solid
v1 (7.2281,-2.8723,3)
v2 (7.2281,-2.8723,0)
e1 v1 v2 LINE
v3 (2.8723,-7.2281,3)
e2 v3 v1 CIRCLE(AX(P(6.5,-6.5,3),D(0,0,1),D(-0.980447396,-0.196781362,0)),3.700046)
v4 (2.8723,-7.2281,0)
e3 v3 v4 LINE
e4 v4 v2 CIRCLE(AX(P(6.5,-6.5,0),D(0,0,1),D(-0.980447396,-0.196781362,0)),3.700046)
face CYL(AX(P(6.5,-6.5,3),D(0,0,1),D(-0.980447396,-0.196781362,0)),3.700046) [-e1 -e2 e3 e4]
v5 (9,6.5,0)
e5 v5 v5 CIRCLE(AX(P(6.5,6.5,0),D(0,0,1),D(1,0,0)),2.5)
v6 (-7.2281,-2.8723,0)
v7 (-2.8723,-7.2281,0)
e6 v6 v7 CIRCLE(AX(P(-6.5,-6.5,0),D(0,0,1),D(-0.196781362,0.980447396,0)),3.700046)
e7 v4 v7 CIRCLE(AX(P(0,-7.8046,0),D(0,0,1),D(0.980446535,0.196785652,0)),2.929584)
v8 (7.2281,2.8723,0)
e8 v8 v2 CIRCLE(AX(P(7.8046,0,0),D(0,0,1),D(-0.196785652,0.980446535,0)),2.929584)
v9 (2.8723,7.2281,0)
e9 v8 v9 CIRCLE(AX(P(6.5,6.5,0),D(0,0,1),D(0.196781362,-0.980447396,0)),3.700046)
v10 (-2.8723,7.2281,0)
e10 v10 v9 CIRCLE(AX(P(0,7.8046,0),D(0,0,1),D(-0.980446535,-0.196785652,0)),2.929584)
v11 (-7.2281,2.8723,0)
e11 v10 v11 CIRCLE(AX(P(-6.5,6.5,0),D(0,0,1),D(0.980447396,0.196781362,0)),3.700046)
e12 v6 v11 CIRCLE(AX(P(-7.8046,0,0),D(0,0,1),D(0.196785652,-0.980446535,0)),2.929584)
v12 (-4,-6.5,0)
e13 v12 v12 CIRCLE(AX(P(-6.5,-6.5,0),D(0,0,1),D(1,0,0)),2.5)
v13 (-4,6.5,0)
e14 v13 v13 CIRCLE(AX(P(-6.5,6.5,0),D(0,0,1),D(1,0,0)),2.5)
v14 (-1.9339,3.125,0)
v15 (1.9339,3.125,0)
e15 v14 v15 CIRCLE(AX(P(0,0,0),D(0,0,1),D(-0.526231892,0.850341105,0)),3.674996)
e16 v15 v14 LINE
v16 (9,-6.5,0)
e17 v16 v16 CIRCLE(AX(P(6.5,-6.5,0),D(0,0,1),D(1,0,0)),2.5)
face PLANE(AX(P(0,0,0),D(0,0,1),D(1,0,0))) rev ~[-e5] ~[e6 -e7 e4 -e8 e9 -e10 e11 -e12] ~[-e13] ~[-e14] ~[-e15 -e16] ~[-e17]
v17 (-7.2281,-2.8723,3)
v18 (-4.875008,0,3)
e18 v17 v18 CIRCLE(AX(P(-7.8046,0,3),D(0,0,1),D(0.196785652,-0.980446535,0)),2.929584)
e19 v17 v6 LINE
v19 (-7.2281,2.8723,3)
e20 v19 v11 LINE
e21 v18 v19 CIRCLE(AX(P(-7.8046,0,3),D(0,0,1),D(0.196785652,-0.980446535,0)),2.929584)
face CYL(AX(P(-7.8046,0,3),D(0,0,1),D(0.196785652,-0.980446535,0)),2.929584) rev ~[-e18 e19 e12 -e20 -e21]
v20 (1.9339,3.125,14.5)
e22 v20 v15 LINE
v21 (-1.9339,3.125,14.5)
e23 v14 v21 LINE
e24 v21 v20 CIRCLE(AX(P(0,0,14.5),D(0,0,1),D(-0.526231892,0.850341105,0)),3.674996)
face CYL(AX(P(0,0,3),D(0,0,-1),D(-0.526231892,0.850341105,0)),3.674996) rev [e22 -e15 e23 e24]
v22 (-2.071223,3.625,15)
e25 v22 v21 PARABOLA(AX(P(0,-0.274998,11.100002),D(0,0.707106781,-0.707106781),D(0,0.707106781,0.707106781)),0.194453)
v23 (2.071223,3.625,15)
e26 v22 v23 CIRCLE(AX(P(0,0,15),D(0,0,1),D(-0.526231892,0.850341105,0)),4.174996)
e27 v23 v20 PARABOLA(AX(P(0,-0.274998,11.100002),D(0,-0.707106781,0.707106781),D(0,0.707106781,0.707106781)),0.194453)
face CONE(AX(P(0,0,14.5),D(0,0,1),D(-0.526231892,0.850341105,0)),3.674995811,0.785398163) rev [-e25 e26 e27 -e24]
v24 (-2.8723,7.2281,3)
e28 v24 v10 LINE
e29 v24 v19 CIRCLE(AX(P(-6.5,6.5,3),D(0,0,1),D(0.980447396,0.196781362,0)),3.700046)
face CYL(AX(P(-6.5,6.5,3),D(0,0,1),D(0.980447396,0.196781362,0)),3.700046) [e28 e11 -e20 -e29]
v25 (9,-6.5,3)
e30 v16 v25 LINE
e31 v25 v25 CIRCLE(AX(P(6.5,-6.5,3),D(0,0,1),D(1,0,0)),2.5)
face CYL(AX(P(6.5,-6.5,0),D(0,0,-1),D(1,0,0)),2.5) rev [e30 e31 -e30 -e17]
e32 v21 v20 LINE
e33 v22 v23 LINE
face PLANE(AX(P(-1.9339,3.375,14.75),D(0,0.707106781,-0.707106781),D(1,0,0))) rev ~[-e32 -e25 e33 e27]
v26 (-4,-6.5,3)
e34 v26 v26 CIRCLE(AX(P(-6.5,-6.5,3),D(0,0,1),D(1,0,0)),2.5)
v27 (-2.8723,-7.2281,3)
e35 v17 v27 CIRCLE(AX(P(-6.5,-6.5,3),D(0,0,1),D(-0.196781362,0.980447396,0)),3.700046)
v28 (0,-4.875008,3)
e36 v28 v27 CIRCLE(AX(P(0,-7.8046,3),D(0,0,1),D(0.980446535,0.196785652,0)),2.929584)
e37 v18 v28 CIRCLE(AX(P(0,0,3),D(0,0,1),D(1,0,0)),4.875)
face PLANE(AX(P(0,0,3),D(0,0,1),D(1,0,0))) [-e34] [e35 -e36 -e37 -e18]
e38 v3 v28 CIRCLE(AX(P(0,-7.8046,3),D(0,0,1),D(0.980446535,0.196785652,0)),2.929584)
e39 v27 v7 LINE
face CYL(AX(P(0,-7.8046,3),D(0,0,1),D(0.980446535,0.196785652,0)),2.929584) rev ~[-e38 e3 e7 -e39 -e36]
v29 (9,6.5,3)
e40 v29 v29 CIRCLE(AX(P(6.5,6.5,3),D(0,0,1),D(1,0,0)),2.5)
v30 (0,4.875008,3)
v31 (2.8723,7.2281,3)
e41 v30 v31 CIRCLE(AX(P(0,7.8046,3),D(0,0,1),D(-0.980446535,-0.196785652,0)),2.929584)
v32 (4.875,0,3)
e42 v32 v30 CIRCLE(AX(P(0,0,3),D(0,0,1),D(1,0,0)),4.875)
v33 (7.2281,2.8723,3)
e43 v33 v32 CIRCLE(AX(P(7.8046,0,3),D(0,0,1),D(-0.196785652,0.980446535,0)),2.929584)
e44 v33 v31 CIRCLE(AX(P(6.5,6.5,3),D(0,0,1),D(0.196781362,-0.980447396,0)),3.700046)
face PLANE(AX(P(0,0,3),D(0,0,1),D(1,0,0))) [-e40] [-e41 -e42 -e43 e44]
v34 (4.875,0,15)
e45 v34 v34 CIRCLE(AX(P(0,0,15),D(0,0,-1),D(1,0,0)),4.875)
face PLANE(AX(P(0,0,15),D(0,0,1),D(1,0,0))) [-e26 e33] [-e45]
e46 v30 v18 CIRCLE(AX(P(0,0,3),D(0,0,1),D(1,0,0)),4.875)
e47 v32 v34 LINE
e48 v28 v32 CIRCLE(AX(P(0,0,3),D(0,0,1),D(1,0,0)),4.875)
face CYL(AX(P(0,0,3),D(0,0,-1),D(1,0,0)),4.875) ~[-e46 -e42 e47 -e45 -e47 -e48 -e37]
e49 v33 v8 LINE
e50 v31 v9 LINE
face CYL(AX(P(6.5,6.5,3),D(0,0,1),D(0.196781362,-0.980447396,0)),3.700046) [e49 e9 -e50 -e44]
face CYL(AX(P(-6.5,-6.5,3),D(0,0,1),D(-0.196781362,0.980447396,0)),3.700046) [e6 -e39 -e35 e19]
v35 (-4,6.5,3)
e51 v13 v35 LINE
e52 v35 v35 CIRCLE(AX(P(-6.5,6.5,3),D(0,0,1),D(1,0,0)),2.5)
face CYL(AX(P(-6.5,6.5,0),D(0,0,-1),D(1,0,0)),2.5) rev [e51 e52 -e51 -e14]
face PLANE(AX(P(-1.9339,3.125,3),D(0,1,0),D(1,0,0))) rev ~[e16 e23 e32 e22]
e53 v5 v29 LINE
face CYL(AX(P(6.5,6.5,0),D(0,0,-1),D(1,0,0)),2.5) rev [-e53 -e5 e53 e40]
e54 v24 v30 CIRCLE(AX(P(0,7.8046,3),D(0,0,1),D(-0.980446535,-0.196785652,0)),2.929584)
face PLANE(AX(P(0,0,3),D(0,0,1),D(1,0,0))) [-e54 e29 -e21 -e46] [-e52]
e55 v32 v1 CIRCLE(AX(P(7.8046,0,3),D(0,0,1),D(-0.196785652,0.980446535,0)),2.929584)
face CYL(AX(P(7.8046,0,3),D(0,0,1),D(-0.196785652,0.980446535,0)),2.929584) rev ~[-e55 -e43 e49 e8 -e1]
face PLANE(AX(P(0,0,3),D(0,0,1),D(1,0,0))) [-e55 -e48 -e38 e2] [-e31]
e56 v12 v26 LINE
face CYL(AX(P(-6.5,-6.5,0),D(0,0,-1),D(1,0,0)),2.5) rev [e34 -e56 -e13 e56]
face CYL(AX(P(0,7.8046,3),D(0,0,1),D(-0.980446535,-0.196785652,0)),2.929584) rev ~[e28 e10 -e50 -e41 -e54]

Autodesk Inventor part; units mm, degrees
ref_plane "YZ Plane" through (0, 0, 0) normal (1, 0, 0) x (0, 1, 0)
ref_plane "XZ Plane" through (0, 0, 0) normal (0, 1, 0) x (-1, 0, 0)
ref_plane "XY Plane" through (0, 0, 0) normal (0, 0, 1) x (1, 0, 0)
sketch "Sketch1" plane through (0, 0, 0) normal (0, 0, 1) x (1, 0, 0)
  line L0 (-12.5, 12.5) -> (12.5, 12.5)
  line L1 (12.5, 12.5) -> (12.5, -12.5)
  line L2 (12.5, -12.5) -> (-12.5, -12.5)
  line L3 (-12.5, -12.5) -> (-12.5, 12.5)
  line L4 (-12.5, 12.5) -> (12.5, -12.5) construction
  line L5 (-12.5, -12.5) -> (12.5, 12.5) construction
  arc A0 (-1.7861, 2.625) -> (1.7861, 2.625) centre (0, 0) ccw
  line L6 (-1.7861, 2.625) -> (1.7861, 2.625)
  circle A1 centre (-6.5, 6.5) radius 2.5
  circle A2 centre (6.5, 6.5) radius 2.5
  circle A3 centre (6.5, -6.5) radius 2.5
  circle A4 centre (-6.5, -6.5) radius 2.5
  line L7 (1.9339, 3.125) -> (-1.9339, 3.125)
  arc A5 (-1.9339, 3.125) -> (1.9339, 3.125) centre (0, 0) ccw
  point P0 (0, 0)
  dimension "d0" = 6.35
  dimension "d1" = 25
  dimension "d2" = 5.8
  dimension "d3" = 5
  dimension "d6" = 13
  dimension "d7" = 0.5
extrude "Extrusion1" add sketch "Sketch1" along normal blind 3 contours L0 L1 L2 L3
sketch "Sketch2" plane through (0, 0, 3) normal (0, 0, 1) x (1, 0, 0)
  line L0 (12.5, 12.5) -> (-12.5, 12.5) projected
  line L1 (-12.5, 12.5) -> (-12.5, -12.5) projected
  line L2 (-12.5, -12.5) -> (12.5, -12.5) projected
  line L3 (12.5, -12.5) -> (12.5, 12.5) projected
  circle A0 centre (-6.5, 6.5) radius 2.5 projected
  circle A1 centre (6.5, 6.5) radius 2.5 projected
  circle A2 centre (6.5, -6.5) radius 2.5 projected
  circle A3 centre (-6.5, -6.5) radius 2.5 projected
  arc A4 (-1.9339, 3.125) -> (1.9339, 3.125) centre (0, 0) ccw projected
  line L4 (-1.9339, 3.125) -> (1.9339, 3.125) projected
  arc A5 (-2.8723, 7.2281) -> (-7.2281, 2.8723) centre (-6.5, 6.5) ccw
  arc A6 (-7.2281, -2.8723) -> (-2.8723, -7.2281) centre (-6.5, -6.5) ccw
  arc A7 (2.8723, -7.2281) -> (7.2281, -2.8723) centre (6.5, -6.5) ccw
  arc A8 (7.2281, 2.8723) -> (2.8723, 7.2281) centre (6.5, 6.5) ccw
  arc A9 (-7.2281, -2.8723) -> (-7.2281, 2.8723) centre (-7.8046, 0) ccw
  arc A10 (-2.8723, 7.2281) -> (2.8723, 7.2281) centre (0, 7.8046) ccw
  arc A11 (7.2281, 2.8723) -> (7.2281, -2.8723) centre (7.8046, 0) ccw
  arc A12 (2.8723, -7.2281) -> (-2.8723, -7.2281) centre (0, -7.8046) ccw
  point P0 (0, 0)
  dimension "d12" = 1.2
  dimension "d13" = 1.2
extrude "Extrusion2" cut sketch "Sketch2" against normal through all contours L3 L2 L1 L0
sketch "Sketch3" plane through (0, 0, 3) normal (0, 0, 1) x (1, 0, 0)
  arc A0 (-2.8723, 7.2281) -> (-7.2281, 2.8723) centre (-6.5, 6.5) ccw projected
  arc A1 (-7.2281, -2.8723) -> (-7.2281, 2.8723) centre (-7.8046, 0) ccw projected
  arc A2 (-7.2281, -2.8723) -> (-2.8723, -7.2281) centre (-6.5, -6.5) ccw projected
  arc A3 (2.8723, -7.2281) -> (-2.8723, -7.2281) centre (0, -7.8046) ccw projected
  arc A4 (2.8723, -7.2281) -> (7.2281, -2.8723) centre (6.5, -6.5) ccw projected
  arc A5 (7.2281, 2.8723) -> (7.2281, -2.8723) centre (7.8046, 0) ccw projected
  arc A6 (7.2281, 2.8723) -> (2.8723, 7.2281) centre (6.5, 6.5) ccw projected
  arc A7 (-2.8723, 7.2281) -> (2.8723, 7.2281) centre (0, 7.8046) ccw projected
  circle A8 centre (-6.5, 6.5) radius 2.5 projected
  circle A9 centre (6.5, 6.5) radius 2.5 projected
  circle A10 centre (6.5, -6.5) radius 2.5 projected
  circle A11 centre (-6.5, -6.5) radius 2.5 projected
  arc A12 (-1.9339, 3.125) -> (1.9339, 3.125) centre (0, 0) ccw projected
  line L0 (-1.9339, 3.125) -> (1.9339, 3.125) projected
  circle A13 centre (0, 0) radius 4.875
  arc A14 (-7.2281, -2.8723) -> (-7.2281, 2.8723) centre (-7.8046, 0) ccw projected
  point P0 (0, 0)
extrude "Extrusion3" add sketch "Sketch3" along normal blind 12 contours A13
chamfer "Chamfer1" distance 0.5 angle 45 2 edges at (0, 3.125, 15) (0, -3.675, 15)
properties part number "teenee_part"
